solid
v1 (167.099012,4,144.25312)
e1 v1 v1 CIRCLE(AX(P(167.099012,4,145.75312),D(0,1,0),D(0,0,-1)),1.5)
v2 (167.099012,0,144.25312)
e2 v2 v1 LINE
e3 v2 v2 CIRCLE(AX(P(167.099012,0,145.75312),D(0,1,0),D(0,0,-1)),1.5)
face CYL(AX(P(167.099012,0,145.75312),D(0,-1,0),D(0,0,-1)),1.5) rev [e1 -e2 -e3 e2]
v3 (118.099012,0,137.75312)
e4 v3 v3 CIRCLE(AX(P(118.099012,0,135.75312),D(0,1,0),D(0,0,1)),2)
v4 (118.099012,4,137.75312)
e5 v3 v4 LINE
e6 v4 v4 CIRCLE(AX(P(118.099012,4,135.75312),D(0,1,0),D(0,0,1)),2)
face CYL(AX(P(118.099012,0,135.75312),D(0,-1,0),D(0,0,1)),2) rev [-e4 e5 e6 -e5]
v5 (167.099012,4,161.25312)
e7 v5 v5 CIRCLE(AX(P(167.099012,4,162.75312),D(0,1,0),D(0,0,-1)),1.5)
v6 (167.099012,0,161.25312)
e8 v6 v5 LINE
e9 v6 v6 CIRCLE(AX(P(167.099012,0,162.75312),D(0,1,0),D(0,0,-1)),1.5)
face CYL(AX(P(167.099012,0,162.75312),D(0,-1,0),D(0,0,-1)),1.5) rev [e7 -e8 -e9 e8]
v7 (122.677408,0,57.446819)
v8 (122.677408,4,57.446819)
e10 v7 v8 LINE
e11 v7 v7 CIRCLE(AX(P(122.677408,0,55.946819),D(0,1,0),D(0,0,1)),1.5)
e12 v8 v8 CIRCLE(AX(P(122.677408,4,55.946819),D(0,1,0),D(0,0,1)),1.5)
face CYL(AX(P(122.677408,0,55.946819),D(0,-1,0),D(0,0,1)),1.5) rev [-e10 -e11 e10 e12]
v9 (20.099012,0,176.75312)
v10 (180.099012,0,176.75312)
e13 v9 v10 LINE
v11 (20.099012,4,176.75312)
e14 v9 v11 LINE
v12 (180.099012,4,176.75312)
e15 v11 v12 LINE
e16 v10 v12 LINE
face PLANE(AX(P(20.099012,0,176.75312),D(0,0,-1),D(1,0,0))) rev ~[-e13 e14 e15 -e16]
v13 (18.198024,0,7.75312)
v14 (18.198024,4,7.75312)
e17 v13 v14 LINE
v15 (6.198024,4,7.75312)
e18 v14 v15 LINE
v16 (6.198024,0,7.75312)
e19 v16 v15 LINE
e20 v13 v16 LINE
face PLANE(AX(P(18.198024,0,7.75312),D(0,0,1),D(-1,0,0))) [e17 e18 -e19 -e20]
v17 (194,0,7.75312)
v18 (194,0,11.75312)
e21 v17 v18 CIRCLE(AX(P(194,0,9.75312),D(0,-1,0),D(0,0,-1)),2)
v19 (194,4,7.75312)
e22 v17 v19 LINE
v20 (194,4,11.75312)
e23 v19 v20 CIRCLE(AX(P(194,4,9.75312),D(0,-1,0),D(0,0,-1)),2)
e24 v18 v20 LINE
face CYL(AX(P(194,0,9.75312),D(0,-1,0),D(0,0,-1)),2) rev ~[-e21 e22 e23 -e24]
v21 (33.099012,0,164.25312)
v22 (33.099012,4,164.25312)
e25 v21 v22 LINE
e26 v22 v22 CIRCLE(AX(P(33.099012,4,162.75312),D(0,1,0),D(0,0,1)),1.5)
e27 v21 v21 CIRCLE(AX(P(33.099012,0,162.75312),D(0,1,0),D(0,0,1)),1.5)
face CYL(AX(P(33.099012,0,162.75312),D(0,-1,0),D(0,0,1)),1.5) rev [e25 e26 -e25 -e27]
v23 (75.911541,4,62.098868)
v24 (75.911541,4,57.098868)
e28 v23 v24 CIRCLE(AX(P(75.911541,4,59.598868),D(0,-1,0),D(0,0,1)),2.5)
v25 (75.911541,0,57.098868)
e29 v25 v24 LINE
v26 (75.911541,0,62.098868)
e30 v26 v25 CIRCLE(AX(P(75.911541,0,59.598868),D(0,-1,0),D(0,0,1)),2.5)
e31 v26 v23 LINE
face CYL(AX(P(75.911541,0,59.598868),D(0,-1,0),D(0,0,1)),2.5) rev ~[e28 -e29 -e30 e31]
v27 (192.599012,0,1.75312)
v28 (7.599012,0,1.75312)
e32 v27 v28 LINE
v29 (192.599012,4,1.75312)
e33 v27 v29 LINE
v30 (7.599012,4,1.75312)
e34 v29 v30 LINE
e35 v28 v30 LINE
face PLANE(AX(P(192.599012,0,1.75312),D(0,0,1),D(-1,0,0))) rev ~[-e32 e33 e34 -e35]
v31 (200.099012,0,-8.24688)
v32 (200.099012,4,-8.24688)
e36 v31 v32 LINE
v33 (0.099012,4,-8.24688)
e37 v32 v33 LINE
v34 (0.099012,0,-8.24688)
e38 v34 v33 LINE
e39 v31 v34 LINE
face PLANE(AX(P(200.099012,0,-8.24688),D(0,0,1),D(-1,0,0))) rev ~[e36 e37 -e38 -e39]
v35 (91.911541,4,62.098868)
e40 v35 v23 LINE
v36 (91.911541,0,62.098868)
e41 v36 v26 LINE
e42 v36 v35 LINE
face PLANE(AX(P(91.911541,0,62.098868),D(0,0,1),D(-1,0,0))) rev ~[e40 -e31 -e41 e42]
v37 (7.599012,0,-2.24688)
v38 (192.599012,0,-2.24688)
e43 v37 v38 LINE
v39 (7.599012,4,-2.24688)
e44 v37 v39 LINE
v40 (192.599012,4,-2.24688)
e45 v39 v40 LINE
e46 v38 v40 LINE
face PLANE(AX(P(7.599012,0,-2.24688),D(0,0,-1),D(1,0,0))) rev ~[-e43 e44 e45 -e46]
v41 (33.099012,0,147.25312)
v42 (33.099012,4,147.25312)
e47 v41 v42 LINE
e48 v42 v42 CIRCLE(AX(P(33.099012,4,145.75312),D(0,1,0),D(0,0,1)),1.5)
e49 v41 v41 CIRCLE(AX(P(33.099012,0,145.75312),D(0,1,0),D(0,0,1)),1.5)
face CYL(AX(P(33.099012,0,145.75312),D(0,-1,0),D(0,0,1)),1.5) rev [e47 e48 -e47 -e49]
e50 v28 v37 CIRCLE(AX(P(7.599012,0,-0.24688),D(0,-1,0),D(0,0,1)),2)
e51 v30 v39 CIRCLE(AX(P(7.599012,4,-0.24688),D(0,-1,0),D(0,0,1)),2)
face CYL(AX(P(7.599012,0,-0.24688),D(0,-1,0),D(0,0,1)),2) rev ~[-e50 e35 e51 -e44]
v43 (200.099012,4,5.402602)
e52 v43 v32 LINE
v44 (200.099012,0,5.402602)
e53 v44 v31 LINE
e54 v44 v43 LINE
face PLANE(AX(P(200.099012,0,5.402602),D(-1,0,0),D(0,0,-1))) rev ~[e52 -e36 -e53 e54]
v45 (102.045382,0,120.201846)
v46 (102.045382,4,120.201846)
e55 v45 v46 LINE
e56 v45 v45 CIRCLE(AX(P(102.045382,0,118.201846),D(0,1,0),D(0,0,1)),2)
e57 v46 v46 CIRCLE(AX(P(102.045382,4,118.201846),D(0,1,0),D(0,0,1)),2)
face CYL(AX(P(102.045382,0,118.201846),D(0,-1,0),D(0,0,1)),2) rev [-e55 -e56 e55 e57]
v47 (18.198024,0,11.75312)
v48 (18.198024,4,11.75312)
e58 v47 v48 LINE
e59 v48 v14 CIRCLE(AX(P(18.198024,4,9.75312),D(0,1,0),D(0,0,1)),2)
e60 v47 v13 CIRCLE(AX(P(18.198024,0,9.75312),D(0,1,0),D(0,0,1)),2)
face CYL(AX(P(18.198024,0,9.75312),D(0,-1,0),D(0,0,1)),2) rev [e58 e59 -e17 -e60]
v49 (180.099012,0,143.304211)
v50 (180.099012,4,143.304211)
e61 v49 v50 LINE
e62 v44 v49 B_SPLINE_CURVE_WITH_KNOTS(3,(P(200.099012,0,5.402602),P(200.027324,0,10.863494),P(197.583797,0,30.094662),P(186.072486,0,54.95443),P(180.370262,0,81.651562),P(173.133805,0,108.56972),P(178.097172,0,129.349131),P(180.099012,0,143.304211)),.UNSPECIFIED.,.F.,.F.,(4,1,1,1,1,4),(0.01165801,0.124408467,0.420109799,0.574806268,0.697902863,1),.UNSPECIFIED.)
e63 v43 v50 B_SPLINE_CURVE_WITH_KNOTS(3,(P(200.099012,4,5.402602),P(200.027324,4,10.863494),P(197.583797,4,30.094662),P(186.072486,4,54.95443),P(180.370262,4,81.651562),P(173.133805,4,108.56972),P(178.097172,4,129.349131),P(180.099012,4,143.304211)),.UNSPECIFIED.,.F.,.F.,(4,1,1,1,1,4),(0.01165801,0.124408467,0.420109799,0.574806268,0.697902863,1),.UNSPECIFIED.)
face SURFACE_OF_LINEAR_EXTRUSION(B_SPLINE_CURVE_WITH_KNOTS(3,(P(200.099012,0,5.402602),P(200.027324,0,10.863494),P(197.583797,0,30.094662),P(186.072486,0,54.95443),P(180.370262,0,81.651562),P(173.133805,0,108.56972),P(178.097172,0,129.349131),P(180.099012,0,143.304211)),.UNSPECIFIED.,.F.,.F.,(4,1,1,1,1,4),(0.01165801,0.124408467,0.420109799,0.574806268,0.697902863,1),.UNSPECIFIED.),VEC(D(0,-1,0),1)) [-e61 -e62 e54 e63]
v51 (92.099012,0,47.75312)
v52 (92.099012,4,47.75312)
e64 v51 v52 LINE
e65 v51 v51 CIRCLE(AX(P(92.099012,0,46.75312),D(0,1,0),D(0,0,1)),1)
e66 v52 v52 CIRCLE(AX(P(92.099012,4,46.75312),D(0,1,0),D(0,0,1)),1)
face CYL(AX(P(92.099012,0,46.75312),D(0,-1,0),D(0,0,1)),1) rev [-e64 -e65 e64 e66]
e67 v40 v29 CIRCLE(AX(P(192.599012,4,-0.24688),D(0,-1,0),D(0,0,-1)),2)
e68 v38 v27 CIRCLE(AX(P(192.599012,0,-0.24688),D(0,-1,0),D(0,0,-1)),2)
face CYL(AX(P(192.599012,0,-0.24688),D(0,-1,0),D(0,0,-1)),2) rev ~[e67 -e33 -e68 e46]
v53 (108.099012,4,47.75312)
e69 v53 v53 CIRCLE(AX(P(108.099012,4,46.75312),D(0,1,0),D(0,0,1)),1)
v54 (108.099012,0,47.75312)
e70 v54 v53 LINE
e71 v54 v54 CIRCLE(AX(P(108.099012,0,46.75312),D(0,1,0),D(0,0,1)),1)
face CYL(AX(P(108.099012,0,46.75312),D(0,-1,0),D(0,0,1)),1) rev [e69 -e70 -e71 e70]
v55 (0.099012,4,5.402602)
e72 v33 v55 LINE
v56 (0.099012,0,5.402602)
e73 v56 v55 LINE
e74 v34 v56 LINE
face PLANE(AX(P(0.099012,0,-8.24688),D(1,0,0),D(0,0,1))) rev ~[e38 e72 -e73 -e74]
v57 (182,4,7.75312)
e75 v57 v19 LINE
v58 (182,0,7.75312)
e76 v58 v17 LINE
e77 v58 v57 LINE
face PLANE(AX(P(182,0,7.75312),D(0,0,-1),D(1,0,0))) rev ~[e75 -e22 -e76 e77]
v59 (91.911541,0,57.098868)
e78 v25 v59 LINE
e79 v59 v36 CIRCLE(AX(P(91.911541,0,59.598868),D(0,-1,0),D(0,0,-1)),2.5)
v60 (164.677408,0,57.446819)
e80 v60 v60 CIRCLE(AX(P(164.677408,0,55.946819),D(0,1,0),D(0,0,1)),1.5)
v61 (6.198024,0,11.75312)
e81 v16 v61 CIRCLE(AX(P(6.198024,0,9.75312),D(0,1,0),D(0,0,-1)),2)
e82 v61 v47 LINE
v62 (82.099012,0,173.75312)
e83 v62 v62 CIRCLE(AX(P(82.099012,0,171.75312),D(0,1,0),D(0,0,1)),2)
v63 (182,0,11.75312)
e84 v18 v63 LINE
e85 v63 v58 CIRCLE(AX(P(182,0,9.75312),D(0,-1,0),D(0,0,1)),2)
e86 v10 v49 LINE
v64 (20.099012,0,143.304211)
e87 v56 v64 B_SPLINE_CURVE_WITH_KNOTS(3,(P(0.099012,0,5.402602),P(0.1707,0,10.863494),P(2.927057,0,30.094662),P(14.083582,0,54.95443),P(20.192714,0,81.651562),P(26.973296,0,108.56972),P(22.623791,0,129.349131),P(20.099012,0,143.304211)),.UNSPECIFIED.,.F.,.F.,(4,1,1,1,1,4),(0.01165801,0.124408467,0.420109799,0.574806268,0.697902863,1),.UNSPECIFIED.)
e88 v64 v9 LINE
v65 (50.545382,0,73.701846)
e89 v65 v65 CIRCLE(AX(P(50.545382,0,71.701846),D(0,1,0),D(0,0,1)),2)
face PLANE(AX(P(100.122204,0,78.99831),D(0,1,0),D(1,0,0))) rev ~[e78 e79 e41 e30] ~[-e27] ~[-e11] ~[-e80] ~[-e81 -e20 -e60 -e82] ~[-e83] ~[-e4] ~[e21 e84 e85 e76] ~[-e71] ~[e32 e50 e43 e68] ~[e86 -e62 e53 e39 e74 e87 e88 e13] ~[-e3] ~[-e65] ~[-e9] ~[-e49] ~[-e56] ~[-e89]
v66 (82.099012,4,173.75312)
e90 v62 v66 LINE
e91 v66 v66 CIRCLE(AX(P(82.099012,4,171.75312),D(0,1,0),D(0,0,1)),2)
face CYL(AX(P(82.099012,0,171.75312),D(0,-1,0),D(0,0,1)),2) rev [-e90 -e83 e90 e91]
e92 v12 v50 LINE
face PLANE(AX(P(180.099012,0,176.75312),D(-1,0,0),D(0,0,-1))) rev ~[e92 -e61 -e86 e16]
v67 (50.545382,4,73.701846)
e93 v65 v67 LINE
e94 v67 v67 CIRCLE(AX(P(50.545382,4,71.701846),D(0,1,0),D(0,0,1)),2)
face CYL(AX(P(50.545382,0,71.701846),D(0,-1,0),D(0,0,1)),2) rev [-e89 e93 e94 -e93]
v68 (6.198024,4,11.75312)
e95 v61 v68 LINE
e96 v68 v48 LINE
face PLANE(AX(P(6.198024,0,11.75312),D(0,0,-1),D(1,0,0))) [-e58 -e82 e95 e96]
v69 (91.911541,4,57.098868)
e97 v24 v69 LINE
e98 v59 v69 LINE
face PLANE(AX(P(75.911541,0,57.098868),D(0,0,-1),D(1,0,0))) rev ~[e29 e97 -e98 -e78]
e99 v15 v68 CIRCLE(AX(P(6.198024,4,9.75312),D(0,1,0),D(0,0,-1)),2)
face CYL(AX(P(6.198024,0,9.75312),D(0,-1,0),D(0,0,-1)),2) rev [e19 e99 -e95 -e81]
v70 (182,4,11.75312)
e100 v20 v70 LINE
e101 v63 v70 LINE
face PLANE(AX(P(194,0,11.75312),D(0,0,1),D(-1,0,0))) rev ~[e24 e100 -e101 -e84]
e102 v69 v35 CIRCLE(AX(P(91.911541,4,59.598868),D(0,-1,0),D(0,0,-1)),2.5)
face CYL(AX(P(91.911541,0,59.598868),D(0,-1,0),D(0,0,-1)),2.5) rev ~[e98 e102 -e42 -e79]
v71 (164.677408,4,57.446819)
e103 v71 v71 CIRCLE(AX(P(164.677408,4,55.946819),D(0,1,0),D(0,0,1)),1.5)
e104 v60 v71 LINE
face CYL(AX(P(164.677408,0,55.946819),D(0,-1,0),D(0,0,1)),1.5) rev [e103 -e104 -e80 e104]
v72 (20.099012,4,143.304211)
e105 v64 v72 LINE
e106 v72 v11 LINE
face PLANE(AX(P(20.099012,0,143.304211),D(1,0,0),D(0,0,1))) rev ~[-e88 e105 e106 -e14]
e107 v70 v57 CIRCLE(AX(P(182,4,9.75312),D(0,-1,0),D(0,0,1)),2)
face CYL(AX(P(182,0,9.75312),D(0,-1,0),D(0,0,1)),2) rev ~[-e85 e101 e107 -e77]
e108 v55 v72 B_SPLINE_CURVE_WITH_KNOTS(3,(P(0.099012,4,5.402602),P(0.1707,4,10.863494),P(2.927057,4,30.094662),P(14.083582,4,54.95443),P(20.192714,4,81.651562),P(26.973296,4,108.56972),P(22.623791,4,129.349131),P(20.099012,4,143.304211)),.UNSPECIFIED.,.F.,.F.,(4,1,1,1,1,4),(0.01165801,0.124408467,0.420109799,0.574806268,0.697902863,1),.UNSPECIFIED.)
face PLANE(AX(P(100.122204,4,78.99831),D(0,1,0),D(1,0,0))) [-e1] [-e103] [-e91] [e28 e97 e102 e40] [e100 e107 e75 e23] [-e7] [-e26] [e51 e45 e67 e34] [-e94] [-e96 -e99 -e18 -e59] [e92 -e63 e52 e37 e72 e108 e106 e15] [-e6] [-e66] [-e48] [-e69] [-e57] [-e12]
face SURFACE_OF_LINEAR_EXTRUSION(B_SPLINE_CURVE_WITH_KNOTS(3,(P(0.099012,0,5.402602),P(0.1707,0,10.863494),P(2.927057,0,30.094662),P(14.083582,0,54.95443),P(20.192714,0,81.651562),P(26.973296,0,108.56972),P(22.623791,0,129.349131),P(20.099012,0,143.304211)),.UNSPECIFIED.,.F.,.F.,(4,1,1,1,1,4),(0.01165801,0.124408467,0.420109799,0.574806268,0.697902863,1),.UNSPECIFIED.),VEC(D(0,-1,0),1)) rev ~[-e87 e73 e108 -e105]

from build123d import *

# Parameters (mm, degrees)
ESQUISSE1_R        = 1.5
ESQUISSE1_R_2      = 1
ESQUISSE1_R_3      = 2
BOSS_EXTRU_1_DEPTH = 4


with BuildPart() as part:
    # Esquisse1 → Boss.-Extru.1 (new body)
    with BuildSketch(Plane(origin=(0, 0, 0), x_dir=(1, 0, 0), z_dir=(0, 1, 0))):
        with BuildLine():
            Line((20.099012054, -176.753119553), (180.099012054, -176.753119553))
            Line((180.099012054, -176.753119553), (180.099012054, -143.304210871))
            add(Edge.make_bspline(
                [(200.099012054, -5.402601665), (200.027324087, -10.863493838), (197.583796942, -30.094661829), (186.072485669, -54.954429671), (180.370262256, -81.651562253), (173.133805108, -108.569720083), (178.097171518, -129.349130809), (180.099012054, -143.304210871)],
                knots=[0.01165801, 0.01165801, 0.01165801, 0.01165801, 0.124408467, 0.420109799, 0.574806268, 0.697902863, 1, 1, 1, 1], degree=3))
            Line((200.099012054, -5.402601665), (200.099012054, 8.246880447))
            Line((200.099012054, 8.246880447), (0.099012054, 8.246880447))
            Line((0.099012054, 8.246880447), (0.099012054, -5.402601665))
            add(Edge.make_bspline(
                [(0.099012054, -5.402601665), (0.170700021, -10.863493838), (2.927056594, -30.094661829), (14.083581709, -54.954429671), (20.192714137, -81.651562253), (26.973296377, -108.569720083), (22.623790852, -129.349130809), (20.099012054, -143.304210871)],
                knots=[0.01165801, 0.01165801, 0.01165801, 0.01165801, 0.124408467, 0.420109799, 0.574806268, 0.697902863, 1, 1, 1, 1], degree=3))
            Line((20.099012054, -143.304210871), (20.099012054, -176.753119553))
        make_face()
        with Locations(Location((33.099012054, -145.753119553, 0), (0, 0, 270))):
            Circle(ESQUISSE1_R, mode=Mode.SUBTRACT)
        with Locations(Location((33.099012054, -162.753119553, 0), (0, 0, 270))):
            Circle(ESQUISSE1_R, mode=Mode.SUBTRACT)
        with Locations(Location((167.099012054, -162.753119553, 0), (0, 0, 90))):
            Circle(ESQUISSE1_R, mode=Mode.SUBTRACT)
        with Locations(Location((167.099012054, -145.753119553, 0), (0, 0, 90))):
            Circle(ESQUISSE1_R, mode=Mode.SUBTRACT)
        with Locations(Location((92.099012054, -46.753119553, 0), (0, 0, 270))):
            Circle(ESQUISSE1_R_2, mode=Mode.SUBTRACT)
        with Locations(Location((108.099012054, -46.753119553, 0), (0, 0, 270))):
            Circle(ESQUISSE1_R_2, mode=Mode.SUBTRACT)
        with Locations(Location((82.099012054, -171.753119553, 0), (0, 0, 270))):
            Circle(ESQUISSE1_R_3, mode=Mode.SUBTRACT)
        with Locations(Location((118.099012054, -135.753119553, 0), (0, 0, 270))):
            Circle(ESQUISSE1_R_3, mode=Mode.SUBTRACT)
        with Locations(Location((164.677408292, -55.946819434, 0), (0, 0, 270))):
            Circle(ESQUISSE1_R, mode=Mode.SUBTRACT)
        with Locations(Location((122.677408292, -55.946819434, 0), (0, 0, 270))):
            Circle(ESQUISSE1_R, mode=Mode.SUBTRACT)
        with Locations(Location((50.545382216, -71.701846064, 0), (0, 0, 270))):
            Circle(ESQUISSE1_R_3, mode=Mode.SUBTRACT)
        with Locations(Location((102.045382216, -118.201846064, 0), (0, 0, 270))):
            Circle(ESQUISSE1_R_3, mode=Mode.SUBTRACT)
        with BuildLine():
            Line((7.599012054, 2.246880447), (192.599012054, 2.246880447))
            ThreePointArc((192.599012054, 2.246880447), (194.599012054, 0.246880447), (192.599012054, -1.753119553))
            Line((192.599012054, -1.753119553), (7.599012054, -1.753119553))
            ThreePointArc((7.599012054, -1.753119553), (5.599012054, 0.246880447), (7.599012054, 2.246880447))
        make_face(mode=Mode.SUBTRACT)
        with BuildLine():
            Line((182, -7.753119553), (194, -7.753119553))
            ThreePointArc((194, -7.753119553), (196, -9.753119553), (194, -11.753119553))
            Line((194, -11.753119553), (182, -11.753119553))
            ThreePointArc((182, -11.753119553), (180, -9.753119553), (182, -7.753119553))
        make_face(mode=Mode.SUBTRACT)
        with BuildLine():
            Line((18.198024108, -7.753119553), (6.198024108, -7.753119553))
            ThreePointArc((6.198024108, -7.753119553), (4.198024108, -9.753119553), (6.198024108, -11.753119553))
            Line((6.198024108, -11.753119553), (18.198024108, -11.753119553))
            ThreePointArc((18.198024108, -11.753119553), (20.198024108, -9.753119553), (18.198024108, -7.753119553))
        make_face(mode=Mode.SUBTRACT)
        with BuildLine():
            Line((75.911540887, -57.098867648), (91.911540887, -57.098867648))
            ThreePointArc((91.911540887, -57.098867648), (94.411540887, -59.598867648), (91.911540887, -62.098867648))
            Line((91.911540887, -62.098867648), (75.911540887, -62.098867648))
            ThreePointArc((75.911540887, -62.098867648), (73.411540887, -59.598867648), (75.911540887, -57.098867648))
        make_face(mode=Mode.SUBTRACT)
    extrude(amount=BOSS_EXTRU_1_DEPTH)


solid = part.part
